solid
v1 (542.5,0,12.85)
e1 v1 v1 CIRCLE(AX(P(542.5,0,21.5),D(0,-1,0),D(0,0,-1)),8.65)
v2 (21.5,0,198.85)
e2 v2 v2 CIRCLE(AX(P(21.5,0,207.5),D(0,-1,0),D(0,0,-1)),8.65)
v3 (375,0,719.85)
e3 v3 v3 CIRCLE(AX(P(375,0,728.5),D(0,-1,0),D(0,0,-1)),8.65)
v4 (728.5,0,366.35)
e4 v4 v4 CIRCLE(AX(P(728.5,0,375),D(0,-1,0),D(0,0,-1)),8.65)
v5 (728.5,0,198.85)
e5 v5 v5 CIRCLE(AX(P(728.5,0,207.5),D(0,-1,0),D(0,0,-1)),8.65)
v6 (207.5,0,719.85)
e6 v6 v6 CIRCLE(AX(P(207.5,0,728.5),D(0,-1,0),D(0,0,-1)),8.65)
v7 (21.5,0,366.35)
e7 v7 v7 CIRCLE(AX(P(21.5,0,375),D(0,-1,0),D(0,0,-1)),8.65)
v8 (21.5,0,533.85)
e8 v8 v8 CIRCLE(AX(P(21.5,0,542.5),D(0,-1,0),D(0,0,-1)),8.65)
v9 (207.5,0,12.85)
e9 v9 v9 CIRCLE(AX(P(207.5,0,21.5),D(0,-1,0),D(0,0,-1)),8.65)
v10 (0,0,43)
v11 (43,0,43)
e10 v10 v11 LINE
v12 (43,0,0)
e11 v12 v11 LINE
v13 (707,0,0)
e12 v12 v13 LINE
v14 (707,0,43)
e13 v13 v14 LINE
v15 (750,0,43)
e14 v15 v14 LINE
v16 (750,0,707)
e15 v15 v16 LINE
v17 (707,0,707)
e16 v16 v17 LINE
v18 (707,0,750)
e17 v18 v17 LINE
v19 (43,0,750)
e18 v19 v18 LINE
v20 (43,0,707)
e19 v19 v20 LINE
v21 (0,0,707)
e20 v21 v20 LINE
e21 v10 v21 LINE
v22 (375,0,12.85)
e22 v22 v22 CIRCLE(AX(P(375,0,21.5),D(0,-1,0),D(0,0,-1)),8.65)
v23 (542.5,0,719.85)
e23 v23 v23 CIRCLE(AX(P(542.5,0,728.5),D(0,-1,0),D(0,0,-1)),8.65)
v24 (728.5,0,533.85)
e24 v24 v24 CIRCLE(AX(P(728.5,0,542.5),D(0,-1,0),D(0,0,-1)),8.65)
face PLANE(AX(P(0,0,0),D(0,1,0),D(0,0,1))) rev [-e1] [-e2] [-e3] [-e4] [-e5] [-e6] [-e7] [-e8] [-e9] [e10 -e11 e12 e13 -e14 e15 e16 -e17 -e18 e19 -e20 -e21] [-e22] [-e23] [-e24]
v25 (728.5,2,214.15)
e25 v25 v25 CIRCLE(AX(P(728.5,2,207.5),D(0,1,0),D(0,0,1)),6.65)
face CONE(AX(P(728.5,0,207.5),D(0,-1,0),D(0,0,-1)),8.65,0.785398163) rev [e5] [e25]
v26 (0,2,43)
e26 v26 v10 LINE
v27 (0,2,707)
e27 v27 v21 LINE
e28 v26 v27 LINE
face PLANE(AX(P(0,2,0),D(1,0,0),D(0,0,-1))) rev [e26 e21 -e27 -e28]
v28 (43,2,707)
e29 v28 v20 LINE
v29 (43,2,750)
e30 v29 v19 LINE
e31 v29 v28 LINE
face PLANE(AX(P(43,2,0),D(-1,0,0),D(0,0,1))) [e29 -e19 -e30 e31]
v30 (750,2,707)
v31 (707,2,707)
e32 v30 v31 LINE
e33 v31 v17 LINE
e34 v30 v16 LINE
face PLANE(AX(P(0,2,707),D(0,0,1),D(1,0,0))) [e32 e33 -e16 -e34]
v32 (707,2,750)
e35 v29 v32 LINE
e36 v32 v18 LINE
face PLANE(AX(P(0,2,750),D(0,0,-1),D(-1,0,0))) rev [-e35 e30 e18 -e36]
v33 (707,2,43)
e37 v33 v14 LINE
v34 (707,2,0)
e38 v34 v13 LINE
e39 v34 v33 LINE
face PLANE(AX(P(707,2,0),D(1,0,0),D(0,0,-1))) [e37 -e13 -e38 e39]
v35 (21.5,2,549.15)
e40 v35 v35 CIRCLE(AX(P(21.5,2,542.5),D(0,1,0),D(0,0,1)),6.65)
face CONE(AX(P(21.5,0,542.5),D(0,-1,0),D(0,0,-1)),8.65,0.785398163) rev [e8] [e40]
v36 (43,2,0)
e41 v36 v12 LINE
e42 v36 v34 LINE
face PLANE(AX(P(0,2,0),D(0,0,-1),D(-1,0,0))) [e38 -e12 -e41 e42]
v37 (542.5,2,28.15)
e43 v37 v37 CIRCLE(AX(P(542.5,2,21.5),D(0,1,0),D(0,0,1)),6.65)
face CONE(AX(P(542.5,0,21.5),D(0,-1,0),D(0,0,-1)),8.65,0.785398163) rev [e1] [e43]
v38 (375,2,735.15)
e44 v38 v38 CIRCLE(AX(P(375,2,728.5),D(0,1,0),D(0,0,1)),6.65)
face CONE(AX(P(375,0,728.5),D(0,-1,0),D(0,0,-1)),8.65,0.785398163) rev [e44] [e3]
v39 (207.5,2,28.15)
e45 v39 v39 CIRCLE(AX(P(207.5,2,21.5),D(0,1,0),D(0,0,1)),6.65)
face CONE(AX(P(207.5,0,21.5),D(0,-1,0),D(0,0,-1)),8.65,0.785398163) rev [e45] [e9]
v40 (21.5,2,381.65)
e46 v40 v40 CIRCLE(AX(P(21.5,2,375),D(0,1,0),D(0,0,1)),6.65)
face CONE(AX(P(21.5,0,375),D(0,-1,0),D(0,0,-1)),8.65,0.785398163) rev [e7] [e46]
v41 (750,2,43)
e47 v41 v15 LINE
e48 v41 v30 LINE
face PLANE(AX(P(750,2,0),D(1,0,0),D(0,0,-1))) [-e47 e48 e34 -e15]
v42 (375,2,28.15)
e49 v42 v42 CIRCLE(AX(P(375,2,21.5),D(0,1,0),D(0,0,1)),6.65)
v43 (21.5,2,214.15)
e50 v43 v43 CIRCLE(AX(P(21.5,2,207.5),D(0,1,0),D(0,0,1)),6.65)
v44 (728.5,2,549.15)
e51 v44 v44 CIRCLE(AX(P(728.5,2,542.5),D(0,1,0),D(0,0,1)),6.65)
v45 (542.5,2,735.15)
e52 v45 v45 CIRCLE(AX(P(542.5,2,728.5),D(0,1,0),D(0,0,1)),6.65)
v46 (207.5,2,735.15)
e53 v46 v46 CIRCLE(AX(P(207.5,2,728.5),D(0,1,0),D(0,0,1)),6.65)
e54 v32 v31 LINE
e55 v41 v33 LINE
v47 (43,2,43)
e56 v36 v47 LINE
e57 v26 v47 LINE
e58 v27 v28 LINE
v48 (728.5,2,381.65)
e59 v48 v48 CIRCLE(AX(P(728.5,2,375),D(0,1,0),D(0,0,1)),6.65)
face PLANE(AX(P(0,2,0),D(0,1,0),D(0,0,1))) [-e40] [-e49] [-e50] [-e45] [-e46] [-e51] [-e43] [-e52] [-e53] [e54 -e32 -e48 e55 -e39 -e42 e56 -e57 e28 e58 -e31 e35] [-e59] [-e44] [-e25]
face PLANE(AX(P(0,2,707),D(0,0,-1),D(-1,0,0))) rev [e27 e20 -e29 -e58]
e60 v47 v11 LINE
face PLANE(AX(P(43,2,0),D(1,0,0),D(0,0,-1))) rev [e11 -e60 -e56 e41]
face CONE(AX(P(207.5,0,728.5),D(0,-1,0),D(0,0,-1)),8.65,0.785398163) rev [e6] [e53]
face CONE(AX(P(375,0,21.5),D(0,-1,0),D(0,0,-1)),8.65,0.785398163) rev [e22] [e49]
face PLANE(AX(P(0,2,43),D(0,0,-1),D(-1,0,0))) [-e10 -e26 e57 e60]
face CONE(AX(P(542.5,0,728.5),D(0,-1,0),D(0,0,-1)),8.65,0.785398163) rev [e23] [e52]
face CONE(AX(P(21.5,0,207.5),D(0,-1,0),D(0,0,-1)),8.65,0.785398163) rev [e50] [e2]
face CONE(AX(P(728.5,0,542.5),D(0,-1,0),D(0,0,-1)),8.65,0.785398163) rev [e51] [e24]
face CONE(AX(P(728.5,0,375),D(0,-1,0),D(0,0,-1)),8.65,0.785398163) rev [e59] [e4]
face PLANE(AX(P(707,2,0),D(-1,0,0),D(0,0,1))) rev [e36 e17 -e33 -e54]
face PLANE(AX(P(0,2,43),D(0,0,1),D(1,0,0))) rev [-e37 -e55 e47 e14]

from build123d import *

# Parameters (mm, degrees)
BOSS_EXTRUDE2_DEPTH                            = 2
CSK_FOR_M8_FLAT_HEAD_MACHINE_SCREW2_AT_2_COUNT = 2
CSK_FOR_M8_FLAT_HEAD_MACHINE_SCREW2_AT_2_PITCH = 167.5
CSK_FOR_M8_FLAT_HEAD_MACHINE_SCREW2_AT_3_COUNT = 2
CSK_FOR_M8_FLAT_HEAD_MACHINE_SCREW2_AT_3_PITCH = 167.5
CSK_FOR_M8_FLAT_HEAD_MACHINE_SCREW2_AT_4_COUNT = 2
CSK_FOR_M8_FLAT_HEAD_MACHINE_SCREW2_AT_4_PITCH = 399.447430834
CSK_FOR_M8_FLAT_HEAD_MACHINE_SCREW2_AT_5_COUNT = 2
CSK_FOR_M8_FLAT_HEAD_MACHINE_SCREW2_AT_5_PITCH = 629.605630534


with BuildPart() as part:
    # Sketch3 → Boss-Extrude2 (new body)
    with BuildSketch(Plane(origin=(0, 0, 0), x_dir=(1, 0, 0), z_dir=(0, 1, 0))):
        Polygon((750, -707), (750, -43), (707, -43), (707, 0), (43, 0), (43, -43), (0, -43), (0, -707), (43, -707), (43, -750), (707, -750), (707, -707), align=None)
    extrude(amount=BOSS_EXTRUDE2_DEPTH)

    # Sketch9 → CSK for M8 Flat Head Machine Screw1 (revolve, cut)
    with BuildSketch(Plane(origin=(21.5, 0, 375), x_dir=(0, 0, -1), z_dir=(1, 0, 0))):
        Polygon((0, 0), (0, 2), (4.5, 2), (4.5, 4.15), (8.65, 0), align=None)
    csk_for_m8_flat_head_machine_screw1 = revolve(axis=Axis((21.5, -6.35, 375), (0, 1, 0)), mode=Mode.SUBTRACT)

    # Sketch12 → CSK for M8 Flat Head Machine Screw2 (revolve, cut)
    with BuildSketch(Plane(origin=(375, 0, 728.5), x_dir=(0, 0, -1), z_dir=(1, 0, 0))):
        Polygon((0, 0), (0, 2), (4.5, 2), (4.5, 4.15), (8.65, 0), align=None)
    csk_for_m8_flat_head_machine_screw2 = revolve(axis=Axis((375, -6.35, 728.5), (0, 1, 0)), mode=Mode.SUBTRACT)

    # CSK for M8 Flat Head Machine Screw2 at 2: CSK for M8 Flat Head Machine Screw2 ×2
    with Locations(*[(i * CSK_FOR_M8_FLAT_HEAD_MACHINE_SCREW2_AT_2_PITCH, 0, 0) for i in range(1, CSK_FOR_M8_FLAT_HEAD_MACHINE_SCREW2_AT_2_COUNT)]):
        add(csk_for_m8_flat_head_machine_screw2, mode=Mode.SUBTRACT)

    # CSK for M8 Flat Head Machine Screw2 at 3: CSK for M8 Flat Head Machine Screw2 ×2
    with Locations(*[(-i * CSK_FOR_M8_FLAT_HEAD_MACHINE_SCREW2_AT_3_PITCH, 0, 0) for i in range(1, CSK_FOR_M8_FLAT_HEAD_MACHINE_SCREW2_AT_3_COUNT)]):
        add(csk_for_m8_flat_head_machine_screw2, mode=Mode.SUBTRACT)

    # CSK for M8 Flat Head Machine Screw2 at 4: CSK for M8 Flat Head Machine Screw2 ×2
    with Locations(*[Vector(-0.884972521, 0, -0.46564325) * (i * CSK_FOR_M8_FLAT_HEAD_MACHINE_SCREW2_AT_4_PITCH) for i in range(1, CSK_FOR_M8_FLAT_HEAD_MACHINE_SCREW2_AT_4_COUNT)]):
        add(csk_for_m8_flat_head_machine_screw2, mode=Mode.SUBTRACT)

    # CSK for M8 Flat Head Machine Screw2 at 5: CSK for M8 Flat Head Machine Screw2 ×2
    with Locations(*[Vector(-0.561462577, 0, -0.827502129) * (i * CSK_FOR_M8_FLAT_HEAD_MACHINE_SCREW2_AT_5_PITCH) for i in range(1, CSK_FOR_M8_FLAT_HEAD_MACHINE_SCREW2_AT_5_COUNT)]):
        add(csk_for_m8_flat_head_machine_screw2, mode=Mode.SUBTRACT)

    # Mirror1: CSK for M8 Flat Head Machine Screw1, CSK for M8 Flat Head Machine Screw2 across plane
    add(csk_for_m8_flat_head_machine_screw1.mirror(Plane.ZY.offset(-375)), mode=Mode.SUBTRACT)
    add(csk_for_m8_flat_head_machine_screw2.mirror(Plane.ZY.offset(-375)), mode=Mode.SUBTRACT)

    # Mirror1 copy 1 sketch → Mirror1 copy 1 (revolve, cut)
    with BuildSketch(Plane(origin=(207.5, 0, 728.5), x_dir=(0, 0, -1), z_dir=(-1, 0, 0))):
        Polygon((0, 0), (0, -2), (4.5, -2), (4.5, -4.15), (8.65, 0), align=None)
    revolve(axis=Axis((207.5, -6.35, 728.5), (0, -1, 0)), mode=Mode.SUBTRACT)

    # Mirror1 copy 2 sketch → Mirror1 copy 2 (revolve, cut)
    with BuildSketch(Plane(origin=(542.5, 0, 728.5), x_dir=(0, 0, -1), z_dir=(-1, 0, 0))):
        Polygon((0, 0), (0, -2), (4.5, -2), (4.5, -4.15), (8.65, 0), align=None)
    revolve(axis=Axis((542.5, -6.35, 728.5), (0, -1, 0)), mode=Mode.SUBTRACT)

    # Mirror1 copy 3 sketch → Mirror1 copy 3 (revolve, cut)
    with BuildSketch(Plane(origin=(728.5, 0, 542.5), x_dir=(0, 0, -1), z_dir=(-1, 0, 0))):
        Polygon((0, 0), (0, -2), (4.5, -2), (4.5, -4.15), (8.65, 0), align=None)
    revolve(axis=Axis((728.5, -6.35, 542.5), (0, -1, 0)), mode=Mode.SUBTRACT)

    # Mirror1 copy 4 sketch → Mirror1 copy 4 (revolve, cut)
    with BuildSketch(Plane(origin=(728.5, 0, 207.5), x_dir=(0, 0, -1), z_dir=(-1, 0, 0))):
        Polygon((0, 0), (0, -2), (4.5, -2), (4.5, -4.15), (8.65, 0), align=None)
    revolve(axis=Axis((728.5, -6.35, 207.5), (0, -1, 0)), mode=Mode.SUBTRACT)

    # Mirror2: CSK for M8 Flat Head Machine Screw2 across plane
    add(csk_for_m8_flat_head_machine_screw2.mirror(Plane.XY.offset(375)), mode=Mode.SUBTRACT)

    # Mirror2 copy 1 sketch → Mirror2 copy 1 (revolve, cut)
    with BuildSketch(Plane(origin=(542.5, 0, 21.5), x_dir=(0, 0, 1), z_dir=(1, 0, 0))):
        Polygon((0, 0), (0, -2), (4.5, -2), (4.5, -4.15), (8.65, 0), align=None)
    revolve(axis=Axis((542.5, -6.35, 21.5), (0, -1, 0)), mode=Mode.SUBTRACT)

    # Mirror2 copy 2 sketch → Mirror2 copy 2 (revolve, cut)
    with BuildSketch(Plane(origin=(207.5, 0, 21.5), x_dir=(0, 0, 1), z_dir=(1, 0, 0))):
        Polygon((0, 0), (0, -2), (4.5, -2), (4.5, -4.15), (8.65, 0), align=None)
    revolve(axis=Axis((207.5, -6.35, 21.5), (0, -1, 0)), mode=Mode.SUBTRACT)

    # Mirror2 copy 3 sketch → Mirror2 copy 3 (revolve, cut)
    with BuildSketch(Plane(origin=(21.5, 0, 207.5), x_dir=(0, 0, 1), z_dir=(1, 0, 0))):
        Polygon((0, 0), (0, -2), (4.5, -2), (4.5, -4.15), (8.65, 0), align=None)
    revolve(axis=Axis((21.5, -6.35, 207.5), (0, -1, 0)), mode=Mode.SUBTRACT)

    # Mirror2 copy 4 sketch → Mirror2 copy 4 (revolve, cut)
    with BuildSketch(Plane(origin=(21.5, 0, 542.5), x_dir=(0, 0, 1), z_dir=(1, 0, 0))):
        Polygon((0, 0), (0, -2), (4.5, -2), (4.5, -4.15), (8.65, 0), align=None)
    revolve(axis=Axis((21.5, -6.35, 542.5), (0, -1, 0)), mode=Mode.SUBTRACT)


solid = part.part
